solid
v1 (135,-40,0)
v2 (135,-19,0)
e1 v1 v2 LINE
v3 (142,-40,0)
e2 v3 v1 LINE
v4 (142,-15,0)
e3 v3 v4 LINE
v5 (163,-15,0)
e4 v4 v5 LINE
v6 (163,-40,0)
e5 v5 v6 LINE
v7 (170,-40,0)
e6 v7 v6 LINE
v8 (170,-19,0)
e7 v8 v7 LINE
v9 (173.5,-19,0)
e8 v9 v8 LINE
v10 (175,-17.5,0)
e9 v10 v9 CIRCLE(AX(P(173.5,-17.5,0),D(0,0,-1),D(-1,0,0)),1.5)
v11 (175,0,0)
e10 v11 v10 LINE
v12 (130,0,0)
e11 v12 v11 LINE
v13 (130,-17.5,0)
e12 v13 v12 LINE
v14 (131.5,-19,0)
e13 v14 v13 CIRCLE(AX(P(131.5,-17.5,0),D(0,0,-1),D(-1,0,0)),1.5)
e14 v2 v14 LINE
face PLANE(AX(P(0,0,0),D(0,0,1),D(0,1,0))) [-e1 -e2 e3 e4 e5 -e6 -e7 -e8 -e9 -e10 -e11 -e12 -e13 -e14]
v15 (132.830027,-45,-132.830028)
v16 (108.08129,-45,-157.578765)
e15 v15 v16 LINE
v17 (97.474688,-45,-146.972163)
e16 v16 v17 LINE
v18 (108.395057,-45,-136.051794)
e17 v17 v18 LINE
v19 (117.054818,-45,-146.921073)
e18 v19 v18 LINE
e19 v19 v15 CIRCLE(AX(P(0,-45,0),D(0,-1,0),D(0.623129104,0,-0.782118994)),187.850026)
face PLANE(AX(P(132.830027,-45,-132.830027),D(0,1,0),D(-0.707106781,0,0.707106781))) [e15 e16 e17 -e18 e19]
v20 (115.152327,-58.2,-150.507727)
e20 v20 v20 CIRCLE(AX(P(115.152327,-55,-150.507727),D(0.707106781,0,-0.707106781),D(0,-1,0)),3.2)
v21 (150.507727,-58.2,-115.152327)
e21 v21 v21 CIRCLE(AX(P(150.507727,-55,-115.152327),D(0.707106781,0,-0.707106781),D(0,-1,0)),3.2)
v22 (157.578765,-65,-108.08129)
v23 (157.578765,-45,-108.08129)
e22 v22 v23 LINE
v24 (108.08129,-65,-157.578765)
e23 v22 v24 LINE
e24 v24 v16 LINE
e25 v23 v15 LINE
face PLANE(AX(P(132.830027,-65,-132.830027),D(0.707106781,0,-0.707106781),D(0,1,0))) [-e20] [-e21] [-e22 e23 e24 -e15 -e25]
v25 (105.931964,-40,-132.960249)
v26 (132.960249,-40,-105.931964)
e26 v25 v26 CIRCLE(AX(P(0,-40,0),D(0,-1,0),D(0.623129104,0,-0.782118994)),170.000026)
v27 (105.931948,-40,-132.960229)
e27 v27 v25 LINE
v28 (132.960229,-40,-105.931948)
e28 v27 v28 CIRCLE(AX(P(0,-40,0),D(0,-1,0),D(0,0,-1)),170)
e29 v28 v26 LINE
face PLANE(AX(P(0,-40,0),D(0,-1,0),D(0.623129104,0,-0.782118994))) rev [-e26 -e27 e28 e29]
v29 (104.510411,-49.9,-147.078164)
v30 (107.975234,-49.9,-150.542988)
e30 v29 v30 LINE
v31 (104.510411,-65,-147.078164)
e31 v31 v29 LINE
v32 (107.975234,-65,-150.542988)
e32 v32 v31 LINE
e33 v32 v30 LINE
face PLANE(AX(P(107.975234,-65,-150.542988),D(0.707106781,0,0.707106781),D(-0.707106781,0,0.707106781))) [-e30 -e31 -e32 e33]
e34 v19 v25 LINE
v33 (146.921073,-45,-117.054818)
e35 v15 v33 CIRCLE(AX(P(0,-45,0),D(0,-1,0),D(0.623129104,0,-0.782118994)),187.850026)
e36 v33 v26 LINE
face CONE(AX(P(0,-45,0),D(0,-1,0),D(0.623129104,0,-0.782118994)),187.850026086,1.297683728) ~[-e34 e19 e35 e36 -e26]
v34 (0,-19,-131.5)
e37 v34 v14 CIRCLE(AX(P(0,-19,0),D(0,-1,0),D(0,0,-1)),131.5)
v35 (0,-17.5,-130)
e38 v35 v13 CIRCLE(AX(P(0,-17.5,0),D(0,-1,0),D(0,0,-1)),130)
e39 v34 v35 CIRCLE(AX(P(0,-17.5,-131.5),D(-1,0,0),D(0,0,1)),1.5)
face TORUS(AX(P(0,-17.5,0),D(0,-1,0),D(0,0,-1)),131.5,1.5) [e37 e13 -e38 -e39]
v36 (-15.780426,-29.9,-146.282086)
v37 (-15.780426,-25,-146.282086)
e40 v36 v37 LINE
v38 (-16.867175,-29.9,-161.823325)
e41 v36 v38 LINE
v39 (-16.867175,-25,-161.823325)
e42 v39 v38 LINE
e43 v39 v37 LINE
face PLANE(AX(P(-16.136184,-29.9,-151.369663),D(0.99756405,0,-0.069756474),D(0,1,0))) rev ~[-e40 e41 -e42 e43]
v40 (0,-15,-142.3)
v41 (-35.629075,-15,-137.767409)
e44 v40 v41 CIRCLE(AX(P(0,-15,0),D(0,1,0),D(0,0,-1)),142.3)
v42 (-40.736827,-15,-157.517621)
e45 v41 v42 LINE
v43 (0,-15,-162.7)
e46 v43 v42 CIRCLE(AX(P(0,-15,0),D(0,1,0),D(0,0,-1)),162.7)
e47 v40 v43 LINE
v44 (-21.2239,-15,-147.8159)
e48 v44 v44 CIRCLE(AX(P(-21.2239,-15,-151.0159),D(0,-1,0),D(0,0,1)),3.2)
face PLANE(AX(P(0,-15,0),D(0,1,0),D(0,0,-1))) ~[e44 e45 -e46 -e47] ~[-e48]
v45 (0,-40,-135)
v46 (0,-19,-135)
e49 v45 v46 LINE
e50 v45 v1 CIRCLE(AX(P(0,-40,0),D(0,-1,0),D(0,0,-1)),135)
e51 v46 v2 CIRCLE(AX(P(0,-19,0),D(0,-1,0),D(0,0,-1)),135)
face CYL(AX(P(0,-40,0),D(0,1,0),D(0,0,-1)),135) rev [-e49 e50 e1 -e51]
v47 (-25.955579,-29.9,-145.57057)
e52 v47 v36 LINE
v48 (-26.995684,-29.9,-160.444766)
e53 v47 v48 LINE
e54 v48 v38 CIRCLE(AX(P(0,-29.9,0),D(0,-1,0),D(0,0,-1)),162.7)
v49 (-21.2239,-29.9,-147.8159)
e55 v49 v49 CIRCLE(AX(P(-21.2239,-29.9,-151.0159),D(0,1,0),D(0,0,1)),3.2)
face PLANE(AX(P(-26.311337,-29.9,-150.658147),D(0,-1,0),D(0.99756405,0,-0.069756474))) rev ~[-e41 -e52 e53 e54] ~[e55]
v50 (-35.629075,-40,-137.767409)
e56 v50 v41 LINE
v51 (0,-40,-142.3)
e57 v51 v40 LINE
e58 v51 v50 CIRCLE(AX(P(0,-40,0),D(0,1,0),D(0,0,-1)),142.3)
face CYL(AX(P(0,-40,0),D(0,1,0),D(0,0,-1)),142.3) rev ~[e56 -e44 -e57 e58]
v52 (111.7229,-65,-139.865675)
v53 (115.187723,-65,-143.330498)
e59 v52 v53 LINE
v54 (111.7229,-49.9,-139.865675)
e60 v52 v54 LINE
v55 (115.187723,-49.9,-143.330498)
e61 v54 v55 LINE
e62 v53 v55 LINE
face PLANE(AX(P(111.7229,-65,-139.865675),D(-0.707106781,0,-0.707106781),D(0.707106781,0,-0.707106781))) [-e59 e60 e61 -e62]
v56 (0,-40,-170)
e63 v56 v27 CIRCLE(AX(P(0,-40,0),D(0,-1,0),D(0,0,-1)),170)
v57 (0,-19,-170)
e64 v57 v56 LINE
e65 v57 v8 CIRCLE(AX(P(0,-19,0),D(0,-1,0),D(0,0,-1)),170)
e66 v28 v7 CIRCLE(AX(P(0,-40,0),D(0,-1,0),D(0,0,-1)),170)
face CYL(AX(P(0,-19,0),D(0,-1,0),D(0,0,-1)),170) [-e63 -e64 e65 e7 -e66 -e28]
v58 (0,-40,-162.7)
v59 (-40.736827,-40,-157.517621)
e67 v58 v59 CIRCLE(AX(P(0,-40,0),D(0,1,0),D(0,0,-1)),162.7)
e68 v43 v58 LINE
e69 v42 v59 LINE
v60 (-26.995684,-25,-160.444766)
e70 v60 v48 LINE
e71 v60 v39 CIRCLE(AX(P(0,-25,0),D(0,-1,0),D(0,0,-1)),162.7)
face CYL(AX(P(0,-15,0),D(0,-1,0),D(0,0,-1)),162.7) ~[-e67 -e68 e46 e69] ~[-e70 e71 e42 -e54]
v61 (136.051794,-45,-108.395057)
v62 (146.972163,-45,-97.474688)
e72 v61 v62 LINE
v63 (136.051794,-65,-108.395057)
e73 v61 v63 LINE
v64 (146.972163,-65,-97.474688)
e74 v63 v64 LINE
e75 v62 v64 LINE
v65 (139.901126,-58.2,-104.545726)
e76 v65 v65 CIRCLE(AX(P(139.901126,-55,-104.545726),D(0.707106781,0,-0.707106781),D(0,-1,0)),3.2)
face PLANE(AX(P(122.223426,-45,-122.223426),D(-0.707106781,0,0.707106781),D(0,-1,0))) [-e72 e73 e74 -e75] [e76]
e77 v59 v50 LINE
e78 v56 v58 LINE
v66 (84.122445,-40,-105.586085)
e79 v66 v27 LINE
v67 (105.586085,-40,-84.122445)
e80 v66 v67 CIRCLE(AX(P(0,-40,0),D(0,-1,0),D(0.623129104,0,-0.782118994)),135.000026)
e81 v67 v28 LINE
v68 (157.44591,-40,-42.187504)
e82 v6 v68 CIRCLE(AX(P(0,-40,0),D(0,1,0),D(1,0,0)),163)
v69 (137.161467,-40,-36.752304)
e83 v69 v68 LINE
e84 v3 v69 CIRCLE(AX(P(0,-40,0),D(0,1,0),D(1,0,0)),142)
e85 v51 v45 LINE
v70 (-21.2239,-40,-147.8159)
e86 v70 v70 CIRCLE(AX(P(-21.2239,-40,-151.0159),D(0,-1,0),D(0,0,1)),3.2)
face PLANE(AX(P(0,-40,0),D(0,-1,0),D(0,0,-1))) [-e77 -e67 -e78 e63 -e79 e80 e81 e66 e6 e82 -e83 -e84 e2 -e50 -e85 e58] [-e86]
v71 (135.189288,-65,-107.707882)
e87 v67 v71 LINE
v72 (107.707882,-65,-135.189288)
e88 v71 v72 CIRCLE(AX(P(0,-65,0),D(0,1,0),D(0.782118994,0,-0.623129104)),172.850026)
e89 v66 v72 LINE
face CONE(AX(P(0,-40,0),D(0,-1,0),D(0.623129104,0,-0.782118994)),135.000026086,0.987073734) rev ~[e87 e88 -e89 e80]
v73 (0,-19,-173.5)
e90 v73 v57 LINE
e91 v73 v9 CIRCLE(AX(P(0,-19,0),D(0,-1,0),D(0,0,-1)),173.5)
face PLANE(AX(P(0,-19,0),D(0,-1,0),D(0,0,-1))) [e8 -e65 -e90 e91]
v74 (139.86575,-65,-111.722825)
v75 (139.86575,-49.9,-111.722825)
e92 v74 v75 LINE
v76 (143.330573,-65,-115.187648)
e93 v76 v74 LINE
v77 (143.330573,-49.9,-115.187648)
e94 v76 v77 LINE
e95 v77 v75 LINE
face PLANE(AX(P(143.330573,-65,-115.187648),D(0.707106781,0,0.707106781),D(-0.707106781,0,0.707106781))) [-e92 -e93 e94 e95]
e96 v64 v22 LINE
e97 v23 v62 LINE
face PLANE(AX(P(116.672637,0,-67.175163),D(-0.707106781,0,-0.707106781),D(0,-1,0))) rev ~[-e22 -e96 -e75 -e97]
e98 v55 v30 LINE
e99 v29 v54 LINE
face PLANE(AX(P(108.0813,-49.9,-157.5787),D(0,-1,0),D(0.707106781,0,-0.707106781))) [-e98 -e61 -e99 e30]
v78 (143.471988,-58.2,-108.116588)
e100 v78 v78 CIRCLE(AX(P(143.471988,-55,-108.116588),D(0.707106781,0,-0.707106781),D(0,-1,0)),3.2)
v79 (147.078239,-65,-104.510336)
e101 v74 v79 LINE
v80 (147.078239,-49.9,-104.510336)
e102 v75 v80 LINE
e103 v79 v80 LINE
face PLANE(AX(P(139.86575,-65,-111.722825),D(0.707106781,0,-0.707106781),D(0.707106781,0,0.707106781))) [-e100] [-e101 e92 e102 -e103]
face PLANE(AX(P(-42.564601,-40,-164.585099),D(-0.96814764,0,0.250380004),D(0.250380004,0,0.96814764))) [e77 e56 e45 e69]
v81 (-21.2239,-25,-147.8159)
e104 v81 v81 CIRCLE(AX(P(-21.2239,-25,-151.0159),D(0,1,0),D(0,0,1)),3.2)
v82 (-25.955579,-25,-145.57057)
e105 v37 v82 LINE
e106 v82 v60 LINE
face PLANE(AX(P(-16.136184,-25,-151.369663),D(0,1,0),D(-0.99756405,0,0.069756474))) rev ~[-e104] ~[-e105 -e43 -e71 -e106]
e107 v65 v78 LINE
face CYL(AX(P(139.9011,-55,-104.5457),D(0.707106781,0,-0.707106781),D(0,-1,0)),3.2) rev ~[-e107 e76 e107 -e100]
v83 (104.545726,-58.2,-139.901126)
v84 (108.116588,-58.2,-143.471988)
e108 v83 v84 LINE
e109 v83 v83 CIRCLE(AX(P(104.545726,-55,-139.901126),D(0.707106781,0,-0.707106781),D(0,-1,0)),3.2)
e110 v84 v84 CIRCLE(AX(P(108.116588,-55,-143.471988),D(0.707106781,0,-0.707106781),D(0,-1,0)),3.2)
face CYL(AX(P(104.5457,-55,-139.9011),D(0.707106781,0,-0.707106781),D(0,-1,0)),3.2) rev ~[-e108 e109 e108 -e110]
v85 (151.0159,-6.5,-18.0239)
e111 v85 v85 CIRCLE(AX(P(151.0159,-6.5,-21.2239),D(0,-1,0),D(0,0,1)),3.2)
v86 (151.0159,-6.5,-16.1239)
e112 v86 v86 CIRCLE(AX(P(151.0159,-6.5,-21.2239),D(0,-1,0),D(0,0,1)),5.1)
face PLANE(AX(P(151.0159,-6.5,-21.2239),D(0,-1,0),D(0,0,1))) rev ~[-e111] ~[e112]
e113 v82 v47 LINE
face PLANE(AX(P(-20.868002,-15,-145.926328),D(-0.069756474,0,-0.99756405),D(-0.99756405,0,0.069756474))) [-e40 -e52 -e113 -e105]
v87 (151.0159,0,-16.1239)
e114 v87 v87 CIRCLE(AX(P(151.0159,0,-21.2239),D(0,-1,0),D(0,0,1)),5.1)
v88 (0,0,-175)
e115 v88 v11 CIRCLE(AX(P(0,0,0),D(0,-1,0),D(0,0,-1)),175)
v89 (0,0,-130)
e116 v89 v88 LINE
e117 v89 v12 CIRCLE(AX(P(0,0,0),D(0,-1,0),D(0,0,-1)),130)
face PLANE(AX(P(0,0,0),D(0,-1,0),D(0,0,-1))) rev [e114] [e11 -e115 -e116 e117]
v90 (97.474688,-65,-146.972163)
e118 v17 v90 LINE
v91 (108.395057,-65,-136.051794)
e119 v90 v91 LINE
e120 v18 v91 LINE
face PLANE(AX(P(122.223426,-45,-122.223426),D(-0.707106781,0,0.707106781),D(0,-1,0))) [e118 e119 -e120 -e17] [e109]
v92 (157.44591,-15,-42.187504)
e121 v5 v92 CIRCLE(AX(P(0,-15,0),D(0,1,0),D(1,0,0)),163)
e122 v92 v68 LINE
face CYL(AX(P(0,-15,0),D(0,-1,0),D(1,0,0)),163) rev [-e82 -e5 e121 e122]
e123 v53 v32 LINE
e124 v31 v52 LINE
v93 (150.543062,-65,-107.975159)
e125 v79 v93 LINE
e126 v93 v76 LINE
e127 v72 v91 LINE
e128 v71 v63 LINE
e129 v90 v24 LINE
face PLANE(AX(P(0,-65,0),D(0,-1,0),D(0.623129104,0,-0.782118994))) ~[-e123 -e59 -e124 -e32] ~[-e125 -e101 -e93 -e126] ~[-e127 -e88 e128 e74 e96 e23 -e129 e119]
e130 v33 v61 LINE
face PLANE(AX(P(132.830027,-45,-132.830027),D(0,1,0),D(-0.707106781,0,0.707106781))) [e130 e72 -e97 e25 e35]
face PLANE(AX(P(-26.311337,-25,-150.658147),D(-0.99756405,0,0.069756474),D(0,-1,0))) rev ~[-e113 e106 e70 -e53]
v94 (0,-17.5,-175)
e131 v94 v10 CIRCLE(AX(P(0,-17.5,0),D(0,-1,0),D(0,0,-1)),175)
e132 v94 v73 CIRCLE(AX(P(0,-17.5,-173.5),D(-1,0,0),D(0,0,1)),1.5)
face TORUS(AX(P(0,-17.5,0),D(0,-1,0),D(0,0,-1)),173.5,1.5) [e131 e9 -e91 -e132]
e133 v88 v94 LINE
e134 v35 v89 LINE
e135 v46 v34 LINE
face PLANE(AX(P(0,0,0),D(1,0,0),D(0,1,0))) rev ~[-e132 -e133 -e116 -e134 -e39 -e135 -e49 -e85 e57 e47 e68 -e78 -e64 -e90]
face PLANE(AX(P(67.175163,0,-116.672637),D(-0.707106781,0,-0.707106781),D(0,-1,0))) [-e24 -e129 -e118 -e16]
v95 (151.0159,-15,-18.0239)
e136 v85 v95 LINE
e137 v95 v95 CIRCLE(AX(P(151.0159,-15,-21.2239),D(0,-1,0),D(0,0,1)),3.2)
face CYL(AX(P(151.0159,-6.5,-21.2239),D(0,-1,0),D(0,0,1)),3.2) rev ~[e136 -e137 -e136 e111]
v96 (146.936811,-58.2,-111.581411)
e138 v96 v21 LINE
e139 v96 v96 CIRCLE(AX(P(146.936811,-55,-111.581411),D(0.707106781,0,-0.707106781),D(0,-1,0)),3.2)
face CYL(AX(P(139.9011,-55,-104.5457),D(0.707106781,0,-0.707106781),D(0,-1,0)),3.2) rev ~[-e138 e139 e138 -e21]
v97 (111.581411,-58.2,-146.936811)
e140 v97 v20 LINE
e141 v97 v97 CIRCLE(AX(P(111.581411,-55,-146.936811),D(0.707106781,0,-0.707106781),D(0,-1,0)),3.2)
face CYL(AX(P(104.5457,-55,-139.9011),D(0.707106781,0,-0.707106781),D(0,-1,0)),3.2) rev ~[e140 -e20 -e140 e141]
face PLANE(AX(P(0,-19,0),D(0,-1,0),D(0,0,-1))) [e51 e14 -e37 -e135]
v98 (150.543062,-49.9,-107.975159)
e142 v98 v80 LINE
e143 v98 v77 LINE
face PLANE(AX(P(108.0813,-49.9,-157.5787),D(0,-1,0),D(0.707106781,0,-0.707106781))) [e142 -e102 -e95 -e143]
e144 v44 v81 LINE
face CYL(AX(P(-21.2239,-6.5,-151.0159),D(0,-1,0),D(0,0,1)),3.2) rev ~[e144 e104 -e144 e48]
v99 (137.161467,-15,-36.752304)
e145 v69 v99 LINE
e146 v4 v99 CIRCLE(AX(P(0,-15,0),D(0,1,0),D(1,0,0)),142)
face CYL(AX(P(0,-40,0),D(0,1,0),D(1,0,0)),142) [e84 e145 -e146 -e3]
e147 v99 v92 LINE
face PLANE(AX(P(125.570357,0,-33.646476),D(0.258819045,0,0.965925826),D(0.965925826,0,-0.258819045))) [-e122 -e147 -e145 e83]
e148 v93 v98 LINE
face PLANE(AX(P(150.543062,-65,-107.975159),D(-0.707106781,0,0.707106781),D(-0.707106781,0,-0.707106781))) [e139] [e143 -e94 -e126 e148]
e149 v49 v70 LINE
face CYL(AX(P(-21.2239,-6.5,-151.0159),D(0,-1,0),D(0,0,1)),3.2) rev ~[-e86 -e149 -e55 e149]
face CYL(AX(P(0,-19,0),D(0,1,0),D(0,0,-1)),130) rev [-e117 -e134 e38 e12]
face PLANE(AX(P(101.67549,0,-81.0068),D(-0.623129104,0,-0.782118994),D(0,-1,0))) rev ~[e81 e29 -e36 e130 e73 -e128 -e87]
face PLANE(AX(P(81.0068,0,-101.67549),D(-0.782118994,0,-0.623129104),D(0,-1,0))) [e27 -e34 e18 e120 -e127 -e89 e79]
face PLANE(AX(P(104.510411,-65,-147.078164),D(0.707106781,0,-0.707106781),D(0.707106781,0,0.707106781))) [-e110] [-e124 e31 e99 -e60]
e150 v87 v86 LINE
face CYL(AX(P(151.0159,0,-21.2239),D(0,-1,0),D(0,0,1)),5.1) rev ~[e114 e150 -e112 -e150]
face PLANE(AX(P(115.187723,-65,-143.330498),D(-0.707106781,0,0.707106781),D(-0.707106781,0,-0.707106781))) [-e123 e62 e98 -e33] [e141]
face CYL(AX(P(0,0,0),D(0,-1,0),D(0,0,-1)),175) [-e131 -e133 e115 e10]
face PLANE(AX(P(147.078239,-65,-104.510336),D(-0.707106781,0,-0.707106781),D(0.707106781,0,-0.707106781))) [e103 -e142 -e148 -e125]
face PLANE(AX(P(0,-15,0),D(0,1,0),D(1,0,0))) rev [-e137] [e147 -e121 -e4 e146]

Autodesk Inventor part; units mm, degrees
sketch "Sketch1" plane through (0, 0, 0) normal (0, 1, 0) x (-1, 0, 0)
  circle A0 centre (0, 0) radius 130
  dimension "d3" = 260
sketch "Sketch2" plane through (0, 0, 0) normal (1, 0, 0) x (0, 1, 0)
  line L0 (0, -130) -> (0, -175)
  line L1 (0, -175) -> (-19, -175)
  line L2 (-19, -175) -> (-19, -170)
  line L3 (-19, -170) -> (-40, -170)
  line L4 (-40, -170) -> (-40, -135)
  line L5 (-40, -135) -> (-19, -135)
  line L6 (-19, -135) -> (-19, -130)
  line L7 (-19, -130) -> (0, -130)
  line L8 (50.5, 0) -> (-78.5, 0)
  point P0 (0, 0)
  dimension "d4" = 45
  dimension "d5" = 19
  dimension "d7" = 5
  dimension "d8" = 35
revolve "Revolution1" add sketch "Sketch2" angle 90 about axis through (0, 50.5, 0) along (0, -1, 0)
sketch "Sketch5" plane through (130, 0, 0) normal (0, 0, 1) x (1, 0, 0)
  line L0 (5, -19) -> (5, -40) projected
  line L1 (5, -40) -> (40, -40) projected
  line L2 (12, -40) -> (12, -15)
  line L3 (12, -15) -> (33, -15)
  line L4 (33, -15) -> (33, -40)
  line L5 (12, -40) -> (33, -40)
  line L6 (-130, 8) -> (-130, -48) projected
  point P0 (-130, 0)
  dimension "d10" = 7
  dimension "d11" = 25
  dimension "d12" = 21
revolve "Revolution2" cut sketch "Sketch5" angle 15 about axis through (0, 70.5, 0) along (0, 1, 0)
sketch "Sketch6" plane through (0, -40, -170) normal (-1, 0, 0) x (0, 0, 1)
  line L0 (170, 48) -> (170, -8) projected
  line L1 (0, 0) -> (170, 0) projected
  line L2 (7.3, 0) -> (27.7, 0)
  line L3 (27.7, 0) -> (27.7, 25)
  line L4 (27.7, 25) -> (7.3, 25)
  line L5 (7.3, 25) -> (7.3, 0)
  point P0 (170, 40)
  dimension "d57" = 20.4
  dimension "d58" = 25
revolve "Revolution3" add sketch "Sketch6" angle 14.5 about axis through (0, 70.5, 0) along (0, 1, 0)
ref_plane "Work Plane1" through (91.9239, 0, -91.9239) normal (-0.7071, 0, -0.7071) x (0, -1, 0)
sketch "Sketch7" plane through (91.9239, 0, -91.9239) normal (-0.7071, 0, -0.7071) x (0, -1, 0)
  line L0 (45, -57.85) -> (45, -42.85)
  line L1 (45, -42.85) -> (65, -42.85)
  line L2 (65, -42.85) -> (65, -57.85)
  line L3 (65, -57.85) -> (45, -57.85)
  line L4 (40, -40) -> (40, 9.7918) projected
  line L5 (40, -40) -> (45, -40)
  line L6 (45, -40) -> (45, -42.85)
  point P0 (0, 130)
  dimension "d22" = 15
  dimension "d23" = 20
extrude "Extrusion1" add sketch "Sketch7" along normal mid plane 70
sketch "Sketch9" plane through (97.4747, -65, -146.9721) normal (-0.7071, 0, 0.7071) x (0.7071, 0, 0.7071)
  line L0 (70, 0) -> (70, 20) projected
  line L1 (70, 10) -> (0, 10)
  line L2 (0, 20) -> (0, 0) projected
  line L3 (35, 10) -> (60, 10)
  line L4 (60, 10) -> (60, 18)
  line L5 (35, 10) -> (10, 10)
  line L6 (10, 10) -> (10, 2.5277)
  line L7 (55, 5) -> (65, 5)
  line L8 (65, 5) -> (65, 15)
  line L9 (65, 15) -> (55, 15)
  line L10 (55, 15) -> (55, 5)
  line L11 (55, 5) -> (65, 15) construction
  line L12 (65, 5) -> (55, 15) construction
  line L13 (5, 5) -> (15, 5)
  line L14 (15, 5) -> (15, 15)
  line L15 (15, 15) -> (5, 15)
  line L16 (5, 15) -> (5, 5)
  line L17 (5, 5) -> (15, 15) construction
  line L18 (15, 5) -> (5, 15) construction
  point P0 (35, 65)
  dimension "d28" = 25
  dimension "d29" = 25
  dimension "d31" = 10
  dimension "d32" = 10
  dimension "d33" = 10
  dimension "d34" = 10
sketch "Sketch10" plane through (97.4747, -65, -146.9721) normal (-0.7071, 0, 0.7071) x (0.7071, 0, 0.7071)
  line L0 (70, 10) -> (0, 10)
  line L1 (35, 10) -> (60, 10)
  line L2 (60, 10) -> (60, 18)
  line L3 (35, 10) -> (10, 10)
  line L4 (10, 10) -> (10, 2.5277)
  line L5 (55, 5) -> (65, 5)
  line L6 (65, 5) -> (65, 15)
  line L7 (65, 15) -> (55, 15)
  line L8 (55, 15) -> (55, 5)
  line L9 (55, 5) -> (65, 15) construction
  line L10 (65, 5) -> (55, 15) construction
  line L11 (5, 5) -> (15, 5)
  line L12 (15, 5) -> (15, 15)
  line L13 (15, 15) -> (5, 15)
  line L14 (5, 15) -> (5, 5)
  line L15 (5, 5) -> (15, 15) construction
  line L16 (15, 5) -> (5, 15) construction
  point P0 (35, 65)
  dimension "d35" = 25
  dimension "d36" = 25
  dimension "d37" = 10
  dimension "d38" = 10
  dimension "d39" = 10
  dimension "d40" = 10
hole "Hole1" at (104.5457, -55, -139.9011) at (139.9011, -55, -104.5457) direction (0.7071, 0, -0.7071) diameter 6.4 end through all
sketch "Sketch11" plane through (91.9239, 0, -91.9239) normal (-0.7071, 0, -0.7071) x (0, -1, 0)
  point P0 (0, 130)
sketch "Sketch12" plane through (91.9239, 0, -91.9239) normal (-0.7071, 0, -0.7071) x (0, -1, 0)
  line L0 (65, -42.85) -> (65, -57.85) projected
  line L1 (19, -40) -> (40, -40) projected
  line L2 (40, 14.7416) -> (40, -11.1621) projected
  line L3 (40, -5) -> (65, -42.85)
  line L4 (65, -42.85) -> (65, -50.35)
  line L5 (40, -5) -> (40, 34.5406) projected
  line L6 (40, -5) -> (40, -40)
  line L7 (65, -50.35) -> (45, -57.85)
  line L8 (45, -57.85) -> (40, -40)
  line L9 (-13, 130) -> (78, 130) projected
  point P0 (0, 130)
revolve "Revolution4" add sketch "Sketch12" angle 12.91 mid plane about axis through (0, 70.5, 0) along (0, -1, 0)
sketch "Sketch13" plane through (0, 0, -130) normal (0, 1, 0) x (1, 0, 0)
  line L0 (0, -130) -> (161.4137, -107.3148)
  line L1 (0, -130) -> (163, -130)
  line L2 (-19.8043, 10.9151) -> (-22.6435, 31.1166)
  circle A0 centre (0, -130) radius 152.5
  line L3 (-21.2239, 21.0159) -> (-8.7133, 29.4565)
  line L4 (151.0159, -108.7761) -> (168.9314, -124.1402)
  point P0 (0, -130)
  dimension "d60" = 163
  dimension "d61" = 8
hole "Hole2" at (-21.2239, 0, -151.0159) at (151.0159, 0, -21.2239) direction (0, -1, 0) diameter 6.4 end through all counterbore diameter 10.2 counterbore depth 6.5
fillet "Fillet3" radius 1.5 2 edges at (91.9239, -19, -91.9239) (123.7437, -19, -123.7437)
sketch "Náčrt16" plane through (108.0813, -65, -157.5787) normal (0, -1, 0) x (0.7071, 0, -0.7071)
  point P0 (-187.85, 35)
sketch "Sketch18" plane through (108.0813, -65, -157.5787) normal (0, -1, 0) x (0.7071, 0, -0.7071)
  line L0 (0, 0) -> (-7.5, 0)
  line L1 (-7.5, 0) -> (-7.5, 10)
  line L2 (-7.5, 70) -> (-7.5, 60)
  line L3 (-9.95, 15.1) -> (-5.05, 15.1)
  line L4 (-5.05, 15.1) -> (-5.05, 4.9)
  line L5 (-5.05, 4.9) -> (-9.95, 4.9)
  line L6 (-9.95, 4.9) -> (-9.95, 15.1)
  line L7 (-9.95, 15.1) -> (-5.05, 4.9) construction
  line L8 (-5.05, 15.1) -> (-9.95, 4.9) construction
  line L9 (-9.95, 65.1) -> (-5.05, 65.1)
  line L10 (-5.05, 65.1) -> (-5.05, 54.9)
  line L11 (-5.05, 54.9) -> (-9.95, 54.9)
  line L12 (-9.95, 54.9) -> (-9.95, 65.1)
  line L13 (-9.95, 65.1) -> (-5.05, 54.9) construction
  line L14 (-5.05, 65.1) -> (-9.95, 54.9) construction
  point P0 (-187.85, 35)
  dimension "d86" = 7.5
  dimension "d87" = 10
  dimension "d88" = 10
  dimension "d104" = 4.9
  dimension "d105" = 10.2
  dimension "d106" = 4.9
  dimension "d107" = 10.2
extrude "Extrusion5" cut sketch "Sketch18" against normal blind 15.1
ref_plane "Work Plane3" through (-21.2239, -285.2935, -151.0159) normal (0.9903, 0, -0.1392) x (0, 1, 0)
ref_plane "Work Plane5" through (-21.2239, -15, -151.0159) normal (0.0698, 0, 0.9976) x (0.9976, 0, -0.0698)
sketch "Sketch19" plane through (-21.2239, -15, -151.0159) normal (0.0698, 0, 0.9976) x (0.9976, 0, -0.0698)
  line L0 (5.1, -10) -> (-5.1, -10)
  line L1 (-5.1, -10) -> (-5.1, -14.9)
  line L2 (-5.1, -14.9) -> (5.1, -14.9)
  line L3 (5.1, -14.9) -> (5.1, -10)
  point P0 (10.6379, 15)
  dimension "d103" = 10.2
extrude "Extrusion6" cut sketch "Sketch19" against normal blind 15
sketch "Sketch20" plane through (-21.2239, -15, -151.0159) normal (-0.0698, 0, -0.9976) x (-0.9976, 0, 0.0698)
  line L0 (-5.1, -14.9) -> (-5.1, -10) projected
  line L1 (-5.1, -10) -> (5.1, -10)
  line L2 (5.1, -10) -> (5.1, -14.9)
  line L3 (5.1, -14.9) -> (-5.1, -14.9)
  line L4 (-5.1, -14.9) -> (-5.1, -10)
  point P0 (10.6379, 15)
  point P1 (5, -10)
  point P2 (5, -14.9)
extrude "Extrusion7" cut sketch "Sketch20" against normal blind 5.1
properties part number "kolejnice"
